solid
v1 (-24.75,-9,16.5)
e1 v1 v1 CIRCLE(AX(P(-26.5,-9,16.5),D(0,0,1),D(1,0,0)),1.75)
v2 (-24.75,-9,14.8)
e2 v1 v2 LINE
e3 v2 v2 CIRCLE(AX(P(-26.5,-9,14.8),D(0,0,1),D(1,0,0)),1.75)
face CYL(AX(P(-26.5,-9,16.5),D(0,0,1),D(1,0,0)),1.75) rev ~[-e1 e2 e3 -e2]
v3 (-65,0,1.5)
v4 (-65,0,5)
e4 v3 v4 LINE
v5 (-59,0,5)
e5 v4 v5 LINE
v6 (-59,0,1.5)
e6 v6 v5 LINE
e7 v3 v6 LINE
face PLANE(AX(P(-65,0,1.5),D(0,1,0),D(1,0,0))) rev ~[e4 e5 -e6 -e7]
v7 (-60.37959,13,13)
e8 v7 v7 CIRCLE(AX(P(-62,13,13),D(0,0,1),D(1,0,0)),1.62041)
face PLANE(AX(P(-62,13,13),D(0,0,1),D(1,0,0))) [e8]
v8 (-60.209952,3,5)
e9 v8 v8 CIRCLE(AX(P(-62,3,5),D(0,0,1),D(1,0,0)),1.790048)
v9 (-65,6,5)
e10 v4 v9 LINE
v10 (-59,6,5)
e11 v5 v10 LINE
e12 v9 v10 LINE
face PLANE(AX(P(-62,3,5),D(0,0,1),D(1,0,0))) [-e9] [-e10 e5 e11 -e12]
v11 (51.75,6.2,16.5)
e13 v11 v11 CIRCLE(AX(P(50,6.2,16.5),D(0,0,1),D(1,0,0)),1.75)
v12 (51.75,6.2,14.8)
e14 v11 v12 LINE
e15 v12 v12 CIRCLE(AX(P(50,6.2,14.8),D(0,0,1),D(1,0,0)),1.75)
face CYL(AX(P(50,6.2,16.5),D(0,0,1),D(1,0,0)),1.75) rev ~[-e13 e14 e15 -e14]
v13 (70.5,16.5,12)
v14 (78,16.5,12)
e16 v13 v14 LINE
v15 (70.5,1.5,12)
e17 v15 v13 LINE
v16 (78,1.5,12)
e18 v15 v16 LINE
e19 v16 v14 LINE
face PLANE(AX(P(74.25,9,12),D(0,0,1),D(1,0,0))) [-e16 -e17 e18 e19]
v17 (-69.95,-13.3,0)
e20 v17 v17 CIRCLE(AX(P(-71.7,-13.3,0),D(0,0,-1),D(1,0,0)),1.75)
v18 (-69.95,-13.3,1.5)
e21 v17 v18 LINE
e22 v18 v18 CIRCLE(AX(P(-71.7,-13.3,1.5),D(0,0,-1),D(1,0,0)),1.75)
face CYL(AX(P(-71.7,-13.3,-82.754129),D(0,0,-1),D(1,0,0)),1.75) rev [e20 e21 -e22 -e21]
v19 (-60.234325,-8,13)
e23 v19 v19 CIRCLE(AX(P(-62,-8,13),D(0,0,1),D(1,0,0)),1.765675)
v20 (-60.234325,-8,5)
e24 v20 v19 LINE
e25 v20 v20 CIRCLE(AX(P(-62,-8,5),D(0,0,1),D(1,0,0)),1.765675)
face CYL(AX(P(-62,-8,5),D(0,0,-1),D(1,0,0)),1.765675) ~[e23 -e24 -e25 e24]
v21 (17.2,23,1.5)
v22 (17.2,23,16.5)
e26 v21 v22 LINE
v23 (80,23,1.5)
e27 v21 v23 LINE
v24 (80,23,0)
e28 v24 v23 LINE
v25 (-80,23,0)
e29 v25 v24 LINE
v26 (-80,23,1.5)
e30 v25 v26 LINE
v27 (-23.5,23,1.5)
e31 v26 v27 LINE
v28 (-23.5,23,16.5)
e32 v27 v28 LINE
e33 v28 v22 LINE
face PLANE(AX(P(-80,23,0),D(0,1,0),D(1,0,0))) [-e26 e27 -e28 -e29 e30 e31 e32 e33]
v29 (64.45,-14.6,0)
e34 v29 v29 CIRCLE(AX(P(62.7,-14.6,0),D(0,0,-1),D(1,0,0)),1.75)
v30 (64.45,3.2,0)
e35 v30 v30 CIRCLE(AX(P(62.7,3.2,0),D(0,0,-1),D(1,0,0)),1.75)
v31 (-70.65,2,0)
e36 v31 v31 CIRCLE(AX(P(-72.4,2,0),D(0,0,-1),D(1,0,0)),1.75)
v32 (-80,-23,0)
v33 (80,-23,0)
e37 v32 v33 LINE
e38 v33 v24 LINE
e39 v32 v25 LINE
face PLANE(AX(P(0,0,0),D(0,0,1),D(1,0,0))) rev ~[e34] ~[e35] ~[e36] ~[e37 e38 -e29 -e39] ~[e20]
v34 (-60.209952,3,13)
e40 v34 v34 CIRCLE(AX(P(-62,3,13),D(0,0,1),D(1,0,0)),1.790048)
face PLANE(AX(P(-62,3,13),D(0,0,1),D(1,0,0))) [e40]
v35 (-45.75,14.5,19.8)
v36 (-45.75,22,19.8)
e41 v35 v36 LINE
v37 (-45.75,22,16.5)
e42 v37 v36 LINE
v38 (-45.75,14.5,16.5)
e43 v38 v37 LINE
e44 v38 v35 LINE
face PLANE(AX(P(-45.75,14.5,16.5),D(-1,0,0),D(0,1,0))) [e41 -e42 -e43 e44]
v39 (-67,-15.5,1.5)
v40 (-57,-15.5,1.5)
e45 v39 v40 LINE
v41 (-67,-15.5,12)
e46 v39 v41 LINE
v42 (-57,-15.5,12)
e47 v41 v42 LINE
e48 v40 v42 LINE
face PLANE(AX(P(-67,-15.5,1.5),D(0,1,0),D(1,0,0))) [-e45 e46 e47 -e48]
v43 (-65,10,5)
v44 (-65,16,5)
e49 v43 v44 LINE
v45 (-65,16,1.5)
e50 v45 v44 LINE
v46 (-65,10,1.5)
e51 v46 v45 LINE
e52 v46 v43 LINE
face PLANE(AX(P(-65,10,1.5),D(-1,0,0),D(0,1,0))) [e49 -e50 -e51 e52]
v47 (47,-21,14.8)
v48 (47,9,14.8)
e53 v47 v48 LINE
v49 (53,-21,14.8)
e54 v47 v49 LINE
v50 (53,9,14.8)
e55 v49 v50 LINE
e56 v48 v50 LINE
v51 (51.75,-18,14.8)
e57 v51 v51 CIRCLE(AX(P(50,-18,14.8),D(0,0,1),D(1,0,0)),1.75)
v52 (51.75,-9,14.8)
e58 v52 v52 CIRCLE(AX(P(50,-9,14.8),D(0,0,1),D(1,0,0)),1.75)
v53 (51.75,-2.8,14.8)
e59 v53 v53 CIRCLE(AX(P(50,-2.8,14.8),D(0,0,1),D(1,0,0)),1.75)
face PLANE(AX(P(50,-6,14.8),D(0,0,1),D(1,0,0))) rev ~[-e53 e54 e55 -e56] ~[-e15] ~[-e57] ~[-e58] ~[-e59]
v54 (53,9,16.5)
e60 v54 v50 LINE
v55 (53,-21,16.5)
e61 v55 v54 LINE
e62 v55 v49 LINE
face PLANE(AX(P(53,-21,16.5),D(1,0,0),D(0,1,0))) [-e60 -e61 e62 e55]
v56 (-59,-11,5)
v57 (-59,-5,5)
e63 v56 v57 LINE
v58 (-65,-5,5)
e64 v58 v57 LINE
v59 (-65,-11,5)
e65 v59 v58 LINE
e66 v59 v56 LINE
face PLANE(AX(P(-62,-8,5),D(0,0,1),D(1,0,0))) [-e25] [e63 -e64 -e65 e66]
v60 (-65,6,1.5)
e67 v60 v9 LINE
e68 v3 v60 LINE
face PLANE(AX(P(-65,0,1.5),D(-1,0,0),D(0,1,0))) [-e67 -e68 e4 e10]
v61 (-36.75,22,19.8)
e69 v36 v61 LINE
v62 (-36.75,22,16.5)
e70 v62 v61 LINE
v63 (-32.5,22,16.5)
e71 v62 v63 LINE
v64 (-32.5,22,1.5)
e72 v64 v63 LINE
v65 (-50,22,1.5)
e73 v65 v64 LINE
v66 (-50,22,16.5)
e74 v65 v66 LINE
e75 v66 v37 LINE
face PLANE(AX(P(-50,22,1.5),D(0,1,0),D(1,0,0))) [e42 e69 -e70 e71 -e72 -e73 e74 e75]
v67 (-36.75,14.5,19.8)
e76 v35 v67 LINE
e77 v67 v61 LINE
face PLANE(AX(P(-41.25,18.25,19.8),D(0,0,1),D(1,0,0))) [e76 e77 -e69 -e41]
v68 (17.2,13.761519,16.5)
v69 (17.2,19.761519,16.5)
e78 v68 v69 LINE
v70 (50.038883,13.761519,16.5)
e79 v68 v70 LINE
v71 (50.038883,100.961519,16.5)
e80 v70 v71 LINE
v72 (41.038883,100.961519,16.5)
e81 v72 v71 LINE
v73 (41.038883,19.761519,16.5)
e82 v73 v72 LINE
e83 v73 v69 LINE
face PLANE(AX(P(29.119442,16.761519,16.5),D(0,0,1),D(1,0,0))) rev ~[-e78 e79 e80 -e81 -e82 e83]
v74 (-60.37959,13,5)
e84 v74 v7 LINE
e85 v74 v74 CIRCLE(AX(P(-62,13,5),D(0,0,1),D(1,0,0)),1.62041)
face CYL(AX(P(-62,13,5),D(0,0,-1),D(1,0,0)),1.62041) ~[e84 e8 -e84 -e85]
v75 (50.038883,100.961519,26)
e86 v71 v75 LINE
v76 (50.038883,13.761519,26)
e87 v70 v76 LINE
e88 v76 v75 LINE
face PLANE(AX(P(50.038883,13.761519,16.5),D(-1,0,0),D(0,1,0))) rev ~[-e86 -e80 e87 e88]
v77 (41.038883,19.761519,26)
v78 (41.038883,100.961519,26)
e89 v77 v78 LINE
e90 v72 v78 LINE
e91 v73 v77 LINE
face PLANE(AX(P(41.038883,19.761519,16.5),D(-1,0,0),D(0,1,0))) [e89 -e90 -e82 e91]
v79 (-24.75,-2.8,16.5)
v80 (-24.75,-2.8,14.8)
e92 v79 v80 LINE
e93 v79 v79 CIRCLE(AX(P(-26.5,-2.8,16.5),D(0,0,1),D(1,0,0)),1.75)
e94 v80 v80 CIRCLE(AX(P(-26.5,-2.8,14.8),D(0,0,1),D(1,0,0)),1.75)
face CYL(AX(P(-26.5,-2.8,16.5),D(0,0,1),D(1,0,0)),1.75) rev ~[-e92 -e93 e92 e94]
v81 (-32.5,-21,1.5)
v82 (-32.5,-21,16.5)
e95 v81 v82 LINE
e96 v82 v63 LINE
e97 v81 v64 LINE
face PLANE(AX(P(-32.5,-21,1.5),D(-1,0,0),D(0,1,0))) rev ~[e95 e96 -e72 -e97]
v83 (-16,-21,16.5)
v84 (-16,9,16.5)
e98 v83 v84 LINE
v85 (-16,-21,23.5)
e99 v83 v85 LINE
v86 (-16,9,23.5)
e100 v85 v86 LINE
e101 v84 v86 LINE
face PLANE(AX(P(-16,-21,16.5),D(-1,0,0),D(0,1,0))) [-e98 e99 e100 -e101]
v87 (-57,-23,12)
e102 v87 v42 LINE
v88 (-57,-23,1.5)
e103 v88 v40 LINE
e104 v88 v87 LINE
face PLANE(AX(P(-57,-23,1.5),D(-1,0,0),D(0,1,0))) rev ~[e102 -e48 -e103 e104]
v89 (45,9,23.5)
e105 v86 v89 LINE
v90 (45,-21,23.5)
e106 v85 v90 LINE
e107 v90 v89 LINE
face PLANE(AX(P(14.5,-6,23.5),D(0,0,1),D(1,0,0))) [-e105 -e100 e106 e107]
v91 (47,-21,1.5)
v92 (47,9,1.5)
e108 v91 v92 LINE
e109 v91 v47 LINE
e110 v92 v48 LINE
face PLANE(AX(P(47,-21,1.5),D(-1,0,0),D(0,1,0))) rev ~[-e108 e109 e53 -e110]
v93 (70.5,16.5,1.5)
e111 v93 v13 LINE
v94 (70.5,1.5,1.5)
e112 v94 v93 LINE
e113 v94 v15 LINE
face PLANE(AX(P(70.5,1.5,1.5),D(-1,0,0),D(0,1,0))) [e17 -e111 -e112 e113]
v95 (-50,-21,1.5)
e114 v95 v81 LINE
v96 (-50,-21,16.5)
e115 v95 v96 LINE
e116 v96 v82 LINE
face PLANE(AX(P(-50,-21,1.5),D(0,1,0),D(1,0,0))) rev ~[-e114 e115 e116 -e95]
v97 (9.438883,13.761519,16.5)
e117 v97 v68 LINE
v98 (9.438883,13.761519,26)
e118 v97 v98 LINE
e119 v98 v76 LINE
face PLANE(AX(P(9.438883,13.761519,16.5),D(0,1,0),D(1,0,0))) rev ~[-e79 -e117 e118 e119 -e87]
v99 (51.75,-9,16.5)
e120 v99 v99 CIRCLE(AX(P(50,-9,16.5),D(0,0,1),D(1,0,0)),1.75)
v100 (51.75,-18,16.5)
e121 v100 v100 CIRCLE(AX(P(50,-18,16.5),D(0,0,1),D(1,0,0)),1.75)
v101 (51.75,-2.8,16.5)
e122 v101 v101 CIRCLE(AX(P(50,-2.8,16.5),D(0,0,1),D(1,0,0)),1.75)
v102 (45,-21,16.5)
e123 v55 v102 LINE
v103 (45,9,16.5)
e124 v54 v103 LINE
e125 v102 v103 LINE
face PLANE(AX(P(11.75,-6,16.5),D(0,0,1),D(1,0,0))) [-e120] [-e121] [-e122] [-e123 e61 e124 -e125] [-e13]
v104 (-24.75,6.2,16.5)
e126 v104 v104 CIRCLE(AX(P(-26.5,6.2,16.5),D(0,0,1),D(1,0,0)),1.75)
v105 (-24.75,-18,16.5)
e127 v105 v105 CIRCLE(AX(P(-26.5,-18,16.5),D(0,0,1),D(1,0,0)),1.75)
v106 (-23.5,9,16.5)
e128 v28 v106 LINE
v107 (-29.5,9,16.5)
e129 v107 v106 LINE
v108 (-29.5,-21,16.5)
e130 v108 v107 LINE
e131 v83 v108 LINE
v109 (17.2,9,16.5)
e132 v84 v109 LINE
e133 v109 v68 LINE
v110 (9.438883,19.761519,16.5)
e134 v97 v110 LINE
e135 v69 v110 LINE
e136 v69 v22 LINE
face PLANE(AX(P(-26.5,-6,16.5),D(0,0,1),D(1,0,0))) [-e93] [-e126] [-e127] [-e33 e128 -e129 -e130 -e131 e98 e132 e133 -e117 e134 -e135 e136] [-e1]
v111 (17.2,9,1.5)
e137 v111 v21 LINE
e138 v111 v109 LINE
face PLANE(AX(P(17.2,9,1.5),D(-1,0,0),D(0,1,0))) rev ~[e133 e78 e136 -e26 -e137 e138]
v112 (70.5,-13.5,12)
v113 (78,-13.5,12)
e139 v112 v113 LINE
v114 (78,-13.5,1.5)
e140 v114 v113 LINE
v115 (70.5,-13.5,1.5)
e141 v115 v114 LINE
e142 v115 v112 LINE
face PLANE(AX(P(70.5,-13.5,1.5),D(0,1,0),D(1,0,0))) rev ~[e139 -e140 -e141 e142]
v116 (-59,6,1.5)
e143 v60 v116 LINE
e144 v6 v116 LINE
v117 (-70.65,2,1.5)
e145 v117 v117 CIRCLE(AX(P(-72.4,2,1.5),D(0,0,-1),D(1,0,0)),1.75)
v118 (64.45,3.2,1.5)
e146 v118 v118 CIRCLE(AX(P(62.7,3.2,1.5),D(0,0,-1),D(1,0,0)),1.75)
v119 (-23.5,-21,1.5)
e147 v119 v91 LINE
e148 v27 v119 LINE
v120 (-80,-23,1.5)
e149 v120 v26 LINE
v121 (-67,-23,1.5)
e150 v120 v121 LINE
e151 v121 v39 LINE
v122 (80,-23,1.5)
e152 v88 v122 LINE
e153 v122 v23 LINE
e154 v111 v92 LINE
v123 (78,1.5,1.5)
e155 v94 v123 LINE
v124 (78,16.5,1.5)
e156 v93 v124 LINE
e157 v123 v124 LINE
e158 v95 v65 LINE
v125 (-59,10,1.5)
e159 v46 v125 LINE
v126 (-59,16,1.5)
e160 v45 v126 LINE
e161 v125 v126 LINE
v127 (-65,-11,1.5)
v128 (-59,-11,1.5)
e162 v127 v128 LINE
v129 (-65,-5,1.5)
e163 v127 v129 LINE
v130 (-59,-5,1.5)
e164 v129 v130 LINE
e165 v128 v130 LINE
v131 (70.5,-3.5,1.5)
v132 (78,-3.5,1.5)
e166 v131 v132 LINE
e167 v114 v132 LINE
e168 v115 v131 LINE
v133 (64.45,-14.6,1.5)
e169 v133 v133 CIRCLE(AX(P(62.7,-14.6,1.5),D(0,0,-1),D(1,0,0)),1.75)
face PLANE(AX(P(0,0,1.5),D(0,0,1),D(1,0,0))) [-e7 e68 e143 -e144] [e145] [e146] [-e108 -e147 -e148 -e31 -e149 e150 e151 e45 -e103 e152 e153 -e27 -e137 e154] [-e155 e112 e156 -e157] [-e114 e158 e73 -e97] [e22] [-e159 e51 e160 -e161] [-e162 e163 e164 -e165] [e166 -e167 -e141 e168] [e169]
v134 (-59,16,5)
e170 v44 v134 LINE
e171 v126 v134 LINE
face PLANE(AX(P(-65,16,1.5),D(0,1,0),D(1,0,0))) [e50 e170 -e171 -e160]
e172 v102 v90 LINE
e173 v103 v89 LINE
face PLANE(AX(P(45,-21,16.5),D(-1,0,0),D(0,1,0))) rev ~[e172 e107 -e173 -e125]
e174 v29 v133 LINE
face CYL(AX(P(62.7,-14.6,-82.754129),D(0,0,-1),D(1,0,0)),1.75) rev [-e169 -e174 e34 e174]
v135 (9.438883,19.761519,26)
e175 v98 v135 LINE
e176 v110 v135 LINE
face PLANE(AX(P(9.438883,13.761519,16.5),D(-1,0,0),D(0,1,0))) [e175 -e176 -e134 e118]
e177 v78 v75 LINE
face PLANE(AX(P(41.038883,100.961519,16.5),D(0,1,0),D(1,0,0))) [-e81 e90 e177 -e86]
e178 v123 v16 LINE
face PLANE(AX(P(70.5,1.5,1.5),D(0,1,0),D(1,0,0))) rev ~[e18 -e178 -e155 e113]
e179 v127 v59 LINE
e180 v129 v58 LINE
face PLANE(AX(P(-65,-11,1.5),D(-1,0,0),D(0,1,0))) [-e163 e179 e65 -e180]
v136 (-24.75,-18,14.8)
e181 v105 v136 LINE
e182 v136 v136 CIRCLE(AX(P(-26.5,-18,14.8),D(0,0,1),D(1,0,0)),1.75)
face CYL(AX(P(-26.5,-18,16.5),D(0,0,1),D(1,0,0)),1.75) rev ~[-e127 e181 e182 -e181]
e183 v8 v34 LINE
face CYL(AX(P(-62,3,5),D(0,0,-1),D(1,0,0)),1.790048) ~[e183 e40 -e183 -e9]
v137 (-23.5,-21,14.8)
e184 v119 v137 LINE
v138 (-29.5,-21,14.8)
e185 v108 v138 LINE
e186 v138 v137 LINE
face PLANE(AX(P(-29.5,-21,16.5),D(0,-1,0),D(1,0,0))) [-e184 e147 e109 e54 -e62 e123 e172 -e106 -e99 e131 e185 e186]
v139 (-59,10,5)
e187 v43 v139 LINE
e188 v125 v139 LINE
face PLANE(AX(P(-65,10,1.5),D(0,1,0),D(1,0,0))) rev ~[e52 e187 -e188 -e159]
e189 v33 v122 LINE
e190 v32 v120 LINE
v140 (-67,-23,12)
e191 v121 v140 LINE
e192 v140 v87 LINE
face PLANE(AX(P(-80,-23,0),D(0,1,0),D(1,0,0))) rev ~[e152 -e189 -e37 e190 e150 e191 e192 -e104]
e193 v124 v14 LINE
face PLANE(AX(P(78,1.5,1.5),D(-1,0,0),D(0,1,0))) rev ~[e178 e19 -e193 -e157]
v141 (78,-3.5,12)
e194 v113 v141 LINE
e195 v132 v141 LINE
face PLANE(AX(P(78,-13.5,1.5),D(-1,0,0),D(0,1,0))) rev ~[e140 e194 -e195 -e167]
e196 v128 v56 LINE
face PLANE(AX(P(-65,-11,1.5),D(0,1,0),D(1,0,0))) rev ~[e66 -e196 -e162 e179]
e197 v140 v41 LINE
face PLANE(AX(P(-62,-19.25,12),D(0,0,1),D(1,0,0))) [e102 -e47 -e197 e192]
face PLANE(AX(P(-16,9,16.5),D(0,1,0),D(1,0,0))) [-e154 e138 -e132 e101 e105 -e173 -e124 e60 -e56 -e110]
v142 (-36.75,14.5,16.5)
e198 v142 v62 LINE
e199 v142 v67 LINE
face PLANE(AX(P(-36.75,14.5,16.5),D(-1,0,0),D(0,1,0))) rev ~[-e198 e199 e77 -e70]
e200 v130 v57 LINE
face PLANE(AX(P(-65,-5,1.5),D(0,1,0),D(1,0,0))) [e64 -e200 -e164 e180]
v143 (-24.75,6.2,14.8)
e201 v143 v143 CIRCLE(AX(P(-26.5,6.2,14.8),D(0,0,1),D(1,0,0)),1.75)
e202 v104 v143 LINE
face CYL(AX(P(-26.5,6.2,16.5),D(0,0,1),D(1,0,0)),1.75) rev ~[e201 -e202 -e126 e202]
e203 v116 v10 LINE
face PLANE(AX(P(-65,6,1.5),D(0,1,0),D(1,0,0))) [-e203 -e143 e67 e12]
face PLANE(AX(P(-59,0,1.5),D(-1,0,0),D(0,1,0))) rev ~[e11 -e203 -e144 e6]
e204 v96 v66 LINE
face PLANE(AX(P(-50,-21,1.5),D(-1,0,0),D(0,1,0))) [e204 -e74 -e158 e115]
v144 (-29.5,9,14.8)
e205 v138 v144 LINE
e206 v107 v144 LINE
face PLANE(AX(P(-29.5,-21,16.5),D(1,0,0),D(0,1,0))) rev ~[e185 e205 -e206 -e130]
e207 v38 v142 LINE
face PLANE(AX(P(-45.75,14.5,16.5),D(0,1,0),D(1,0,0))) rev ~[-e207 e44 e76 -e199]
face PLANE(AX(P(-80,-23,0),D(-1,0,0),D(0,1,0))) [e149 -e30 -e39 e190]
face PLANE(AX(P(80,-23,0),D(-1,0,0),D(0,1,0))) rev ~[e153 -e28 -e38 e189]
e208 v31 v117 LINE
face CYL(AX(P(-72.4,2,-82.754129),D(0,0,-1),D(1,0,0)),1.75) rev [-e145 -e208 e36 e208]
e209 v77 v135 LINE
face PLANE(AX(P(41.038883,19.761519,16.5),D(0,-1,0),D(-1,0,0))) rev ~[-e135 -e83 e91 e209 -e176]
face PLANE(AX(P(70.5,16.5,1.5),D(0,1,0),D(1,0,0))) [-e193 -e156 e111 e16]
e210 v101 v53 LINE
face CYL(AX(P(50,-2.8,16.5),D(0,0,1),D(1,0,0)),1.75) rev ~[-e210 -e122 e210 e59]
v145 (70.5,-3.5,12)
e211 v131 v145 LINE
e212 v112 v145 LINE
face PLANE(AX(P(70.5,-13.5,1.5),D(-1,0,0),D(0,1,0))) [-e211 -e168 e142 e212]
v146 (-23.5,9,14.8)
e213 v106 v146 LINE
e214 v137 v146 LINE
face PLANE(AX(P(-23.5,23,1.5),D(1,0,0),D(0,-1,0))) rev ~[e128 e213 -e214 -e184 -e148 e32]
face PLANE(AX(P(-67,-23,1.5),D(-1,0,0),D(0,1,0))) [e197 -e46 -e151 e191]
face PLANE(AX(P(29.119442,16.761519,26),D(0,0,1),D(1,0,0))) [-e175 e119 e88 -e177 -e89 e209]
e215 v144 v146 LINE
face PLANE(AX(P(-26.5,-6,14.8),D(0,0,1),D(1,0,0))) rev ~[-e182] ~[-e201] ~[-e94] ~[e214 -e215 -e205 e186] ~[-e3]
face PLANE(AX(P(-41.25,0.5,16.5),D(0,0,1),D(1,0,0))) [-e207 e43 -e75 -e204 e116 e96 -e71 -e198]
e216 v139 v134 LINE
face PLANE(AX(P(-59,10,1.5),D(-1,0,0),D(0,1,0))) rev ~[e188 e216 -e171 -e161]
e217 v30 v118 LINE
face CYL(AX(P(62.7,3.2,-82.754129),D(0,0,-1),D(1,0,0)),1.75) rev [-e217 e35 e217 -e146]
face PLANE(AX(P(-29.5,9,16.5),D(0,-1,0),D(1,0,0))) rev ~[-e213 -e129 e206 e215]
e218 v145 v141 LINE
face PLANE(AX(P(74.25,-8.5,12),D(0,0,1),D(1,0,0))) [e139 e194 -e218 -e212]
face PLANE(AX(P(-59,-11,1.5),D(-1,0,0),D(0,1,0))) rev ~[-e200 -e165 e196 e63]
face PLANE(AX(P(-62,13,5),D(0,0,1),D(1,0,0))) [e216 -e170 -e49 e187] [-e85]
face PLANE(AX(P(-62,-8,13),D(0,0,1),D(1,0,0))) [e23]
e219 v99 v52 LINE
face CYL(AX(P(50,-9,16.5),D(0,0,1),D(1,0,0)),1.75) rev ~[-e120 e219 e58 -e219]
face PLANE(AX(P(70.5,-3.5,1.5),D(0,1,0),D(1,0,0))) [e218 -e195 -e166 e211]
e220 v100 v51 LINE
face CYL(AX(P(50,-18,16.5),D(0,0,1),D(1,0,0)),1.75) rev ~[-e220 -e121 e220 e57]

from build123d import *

# Parameters (mm, degrees)
SKICA1_W                      = 160
SKICA1_H                      = 46
P_IDAT_VYSUNUT_M1_DEPTH       = 1.5
ODEBRAT_VYSUNUT_M1_DEPTH      = 84.254129027
ODEBRAT_VYSUNUT_M1_DEPTH_BACK = 84.254129027
SKICA2_R                      = 1.75
SKICA3_W                      = 10
SKICA3_H                      = 7.5
SKICA3_W_2                    = 7.5
SKICA3_H_2                    = 10
SKICA3_H_3                    = 15
P_IDAT_VYSUNUT_M2_DEPTH       = 10.5
SKICA5_W                      = 6
SKICA5_H                      = 6
P_IDAT_VYSUNUT_M3_DEPTH       = 3.5
SKICA6_R                      = 1.620409531
SKICA6_R_2                    = 1.790047617
SKICA6_R_3                    = 1.76567532
P_IDAT_VYSUNUT_M4_DEPTH       = 8
SKICA7_W                      = 17.5
SKICA7_H                      = 43
SKICA7_W_2                    = 70.5
SKICA7_H_2                    = 30
SKICA7_W_3                    = 40.7
SKICA7_H_3                    = 14
P_IDAT_VYSUNUT_M5_DEPTH       = 15
SKICA8_W                      = 9
SKICA8_H                      = 7.5
P_IDAT_VYSUNUT_M6_DEPTH       = 3.3
SKICA13_W                     = 23.838883278
SKICA13_H                     = 6
SKICA13_W_2                   = 9
SKICA13_H_2                   = 81.2
SKICA13_W_3                   = 7.761116722
P_IDAT_VYSUNUT_M7_DEPTH       = 9.5
SKICA14_W                     = 61
SKICA14_H                     = 30
P_IDAT_VYSUNUT_M8_DEPTH       = 7
SKICA15_W                     = 6
SKICA15_H                     = 30
SKICA15_R                     = 1.75
P_IDAT_VYSUNUT_M9_DEPTH       = 1.7


with BuildPart() as part:
    # Skica1 → Přidat vysunutím1 (new body)
    with BuildSketch(Plane.XY):
        Rectangle(SKICA1_W, SKICA1_H)
    extrude(amount=P_IDAT_VYSUNUT_M1_DEPTH)

    # Skica2 → Odebrat vysunutím1 (cut, two sides: drawn at the far end of the back side and taken through both)
    with BuildSketch(Plane.XY.offset(1.5).offset(-ODEBRAT_VYSUNUT_M1_DEPTH_BACK)):
        with Locations((-71.7, -13.3)):
            Circle(SKICA2_R)
        with Locations((-72.4, 2)):
            Circle(SKICA2_R)
        with Locations((62.7, 3.2)):
            Circle(SKICA2_R)
        with Locations((62.7, -14.6)):
            Circle(SKICA2_R)
    extrude(amount=ODEBRAT_VYSUNUT_M1_DEPTH + ODEBRAT_VYSUNUT_M1_DEPTH_BACK, mode=Mode.SUBTRACT)

    # Skica3 → Přidat vysunutím2 (add)
    with BuildSketch(Plane.XY.offset(1.5)):
        with Locations((-62, -19.25)):
            Rectangle(SKICA3_W, SKICA3_H)
        with Locations((74.25, -8.5)):
            Rectangle(SKICA3_W_2, SKICA3_H_2)
        with Locations((74.25, 9)):
            Rectangle(SKICA3_W_2, SKICA3_H_3)
    extrude(amount=P_IDAT_VYSUNUT_M2_DEPTH)

    # Skica5 → Přidat vysunutím3 (add)
    with BuildSketch(Plane.XY.offset(1.5)):
        with Locations((-62, -8)):
            Rectangle(SKICA5_W, SKICA5_H)
        with Locations((-62, 3)):
            Rectangle(SKICA5_W, SKICA5_H)
        with Locations((-62, 13)):
            Rectangle(SKICA5_W, SKICA5_H)
    extrude(amount=P_IDAT_VYSUNUT_M3_DEPTH)

    # Skica6 → Přidat vysunutím4 (add)
    with BuildSketch(Plane.XY.offset(5)):
        with Locations((-62, 13)):
            Circle(SKICA6_R)
        with Locations((-62, 3)):
            Circle(SKICA6_R_2)
        with Locations((-62, -8)):
            Circle(SKICA6_R_3)
    extrude(amount=P_IDAT_VYSUNUT_M4_DEPTH)

    # Skica7 → Přidat vysunutím5 (add)
    with BuildSketch(Plane.XY.offset(1.5)):
        with Locations((-41.25, 0.5)):
            Rectangle(SKICA7_W, SKICA7_H)
        with Locations((11.75, -6)):
            Rectangle(SKICA7_W_2, SKICA7_H_2)
        with Locations((-3.15, 16)):
            Rectangle(SKICA7_W_3, SKICA7_H_3)
    extrude(amount=P_IDAT_VYSUNUT_M5_DEPTH)

    # Skica8 → Přidat vysunutím6 (add)
    with BuildSketch(Plane.XY.offset(16.5)):
        with Locations((-41.25, 18.25)):
            Rectangle(SKICA8_W, SKICA8_H)
    extrude(amount=P_IDAT_VYSUNUT_M6_DEPTH)

    # Skica13 → Přidat vysunutím7 (add)
    with BuildSketch(Plane.XY.offset(16.5)):
        with Locations((29.119441639, 16.761519328)):
            Rectangle(SKICA13_W, SKICA13_H)
        with Locations((45.538883278, 16.761519328)):
            Rectangle(SKICA13_W_2, SKICA13_H)
        with Locations((45.538883278, 60.361519328)):
            Rectangle(SKICA13_W_2, SKICA13_H_2)
        with Locations((13.319441639, 16.761519328)):
            Rectangle(SKICA13_W_3, SKICA13_H)
    extrude(amount=P_IDAT_VYSUNUT_M7_DEPTH)

    # Skica14 → Přidat vysunutím8 (add)
    with BuildSketch(Plane.XY.offset(16.5)):
        with Locations((14.5, -6)):
            Rectangle(SKICA14_W, SKICA14_H)
    extrude(amount=P_IDAT_VYSUNUT_M8_DEPTH)

    # Skica15 → Přidat vysunutím9 (add)
    # profile 1 of 2: a face of its own
    with BuildSketch(Plane.XY.offset(16.5)):
        with Locations((-26.5, -6)):
            Rectangle(SKICA15_W, SKICA15_H)
        with Locations((-26.5, -18)):
            Circle(SKICA15_R, mode=Mode.SUBTRACT)
        with Locations((-26.5, 6.2)):
            Circle(SKICA15_R, mode=Mode.SUBTRACT)
        with Locations((-26.5, -9)):
            Circle(SKICA15_R, mode=Mode.SUBTRACT)
        with Locations((-26.5, -2.8)):
            Circle(SKICA15_R, mode=Mode.SUBTRACT)
    # profile 2 of 2: a face of its own
    with BuildSketch(Plane.XY.offset(16.5)):
        with Locations((50, -6)):
            Rectangle(SKICA15_W, SKICA15_H)
        with Locations((50, -18)):
            Circle(SKICA15_R, mode=Mode.SUBTRACT)
        with Locations((50, -9)):
            Circle(SKICA15_R, mode=Mode.SUBTRACT)
        with Locations((50, -2.8)):
            Circle(SKICA15_R, mode=Mode.SUBTRACT)
        with Locations((50, 6.2)):
            Circle(SKICA15_R, mode=Mode.SUBTRACT)
    extrude(amount=-P_IDAT_VYSUNUT_M9_DEPTH)


solid = part.part
